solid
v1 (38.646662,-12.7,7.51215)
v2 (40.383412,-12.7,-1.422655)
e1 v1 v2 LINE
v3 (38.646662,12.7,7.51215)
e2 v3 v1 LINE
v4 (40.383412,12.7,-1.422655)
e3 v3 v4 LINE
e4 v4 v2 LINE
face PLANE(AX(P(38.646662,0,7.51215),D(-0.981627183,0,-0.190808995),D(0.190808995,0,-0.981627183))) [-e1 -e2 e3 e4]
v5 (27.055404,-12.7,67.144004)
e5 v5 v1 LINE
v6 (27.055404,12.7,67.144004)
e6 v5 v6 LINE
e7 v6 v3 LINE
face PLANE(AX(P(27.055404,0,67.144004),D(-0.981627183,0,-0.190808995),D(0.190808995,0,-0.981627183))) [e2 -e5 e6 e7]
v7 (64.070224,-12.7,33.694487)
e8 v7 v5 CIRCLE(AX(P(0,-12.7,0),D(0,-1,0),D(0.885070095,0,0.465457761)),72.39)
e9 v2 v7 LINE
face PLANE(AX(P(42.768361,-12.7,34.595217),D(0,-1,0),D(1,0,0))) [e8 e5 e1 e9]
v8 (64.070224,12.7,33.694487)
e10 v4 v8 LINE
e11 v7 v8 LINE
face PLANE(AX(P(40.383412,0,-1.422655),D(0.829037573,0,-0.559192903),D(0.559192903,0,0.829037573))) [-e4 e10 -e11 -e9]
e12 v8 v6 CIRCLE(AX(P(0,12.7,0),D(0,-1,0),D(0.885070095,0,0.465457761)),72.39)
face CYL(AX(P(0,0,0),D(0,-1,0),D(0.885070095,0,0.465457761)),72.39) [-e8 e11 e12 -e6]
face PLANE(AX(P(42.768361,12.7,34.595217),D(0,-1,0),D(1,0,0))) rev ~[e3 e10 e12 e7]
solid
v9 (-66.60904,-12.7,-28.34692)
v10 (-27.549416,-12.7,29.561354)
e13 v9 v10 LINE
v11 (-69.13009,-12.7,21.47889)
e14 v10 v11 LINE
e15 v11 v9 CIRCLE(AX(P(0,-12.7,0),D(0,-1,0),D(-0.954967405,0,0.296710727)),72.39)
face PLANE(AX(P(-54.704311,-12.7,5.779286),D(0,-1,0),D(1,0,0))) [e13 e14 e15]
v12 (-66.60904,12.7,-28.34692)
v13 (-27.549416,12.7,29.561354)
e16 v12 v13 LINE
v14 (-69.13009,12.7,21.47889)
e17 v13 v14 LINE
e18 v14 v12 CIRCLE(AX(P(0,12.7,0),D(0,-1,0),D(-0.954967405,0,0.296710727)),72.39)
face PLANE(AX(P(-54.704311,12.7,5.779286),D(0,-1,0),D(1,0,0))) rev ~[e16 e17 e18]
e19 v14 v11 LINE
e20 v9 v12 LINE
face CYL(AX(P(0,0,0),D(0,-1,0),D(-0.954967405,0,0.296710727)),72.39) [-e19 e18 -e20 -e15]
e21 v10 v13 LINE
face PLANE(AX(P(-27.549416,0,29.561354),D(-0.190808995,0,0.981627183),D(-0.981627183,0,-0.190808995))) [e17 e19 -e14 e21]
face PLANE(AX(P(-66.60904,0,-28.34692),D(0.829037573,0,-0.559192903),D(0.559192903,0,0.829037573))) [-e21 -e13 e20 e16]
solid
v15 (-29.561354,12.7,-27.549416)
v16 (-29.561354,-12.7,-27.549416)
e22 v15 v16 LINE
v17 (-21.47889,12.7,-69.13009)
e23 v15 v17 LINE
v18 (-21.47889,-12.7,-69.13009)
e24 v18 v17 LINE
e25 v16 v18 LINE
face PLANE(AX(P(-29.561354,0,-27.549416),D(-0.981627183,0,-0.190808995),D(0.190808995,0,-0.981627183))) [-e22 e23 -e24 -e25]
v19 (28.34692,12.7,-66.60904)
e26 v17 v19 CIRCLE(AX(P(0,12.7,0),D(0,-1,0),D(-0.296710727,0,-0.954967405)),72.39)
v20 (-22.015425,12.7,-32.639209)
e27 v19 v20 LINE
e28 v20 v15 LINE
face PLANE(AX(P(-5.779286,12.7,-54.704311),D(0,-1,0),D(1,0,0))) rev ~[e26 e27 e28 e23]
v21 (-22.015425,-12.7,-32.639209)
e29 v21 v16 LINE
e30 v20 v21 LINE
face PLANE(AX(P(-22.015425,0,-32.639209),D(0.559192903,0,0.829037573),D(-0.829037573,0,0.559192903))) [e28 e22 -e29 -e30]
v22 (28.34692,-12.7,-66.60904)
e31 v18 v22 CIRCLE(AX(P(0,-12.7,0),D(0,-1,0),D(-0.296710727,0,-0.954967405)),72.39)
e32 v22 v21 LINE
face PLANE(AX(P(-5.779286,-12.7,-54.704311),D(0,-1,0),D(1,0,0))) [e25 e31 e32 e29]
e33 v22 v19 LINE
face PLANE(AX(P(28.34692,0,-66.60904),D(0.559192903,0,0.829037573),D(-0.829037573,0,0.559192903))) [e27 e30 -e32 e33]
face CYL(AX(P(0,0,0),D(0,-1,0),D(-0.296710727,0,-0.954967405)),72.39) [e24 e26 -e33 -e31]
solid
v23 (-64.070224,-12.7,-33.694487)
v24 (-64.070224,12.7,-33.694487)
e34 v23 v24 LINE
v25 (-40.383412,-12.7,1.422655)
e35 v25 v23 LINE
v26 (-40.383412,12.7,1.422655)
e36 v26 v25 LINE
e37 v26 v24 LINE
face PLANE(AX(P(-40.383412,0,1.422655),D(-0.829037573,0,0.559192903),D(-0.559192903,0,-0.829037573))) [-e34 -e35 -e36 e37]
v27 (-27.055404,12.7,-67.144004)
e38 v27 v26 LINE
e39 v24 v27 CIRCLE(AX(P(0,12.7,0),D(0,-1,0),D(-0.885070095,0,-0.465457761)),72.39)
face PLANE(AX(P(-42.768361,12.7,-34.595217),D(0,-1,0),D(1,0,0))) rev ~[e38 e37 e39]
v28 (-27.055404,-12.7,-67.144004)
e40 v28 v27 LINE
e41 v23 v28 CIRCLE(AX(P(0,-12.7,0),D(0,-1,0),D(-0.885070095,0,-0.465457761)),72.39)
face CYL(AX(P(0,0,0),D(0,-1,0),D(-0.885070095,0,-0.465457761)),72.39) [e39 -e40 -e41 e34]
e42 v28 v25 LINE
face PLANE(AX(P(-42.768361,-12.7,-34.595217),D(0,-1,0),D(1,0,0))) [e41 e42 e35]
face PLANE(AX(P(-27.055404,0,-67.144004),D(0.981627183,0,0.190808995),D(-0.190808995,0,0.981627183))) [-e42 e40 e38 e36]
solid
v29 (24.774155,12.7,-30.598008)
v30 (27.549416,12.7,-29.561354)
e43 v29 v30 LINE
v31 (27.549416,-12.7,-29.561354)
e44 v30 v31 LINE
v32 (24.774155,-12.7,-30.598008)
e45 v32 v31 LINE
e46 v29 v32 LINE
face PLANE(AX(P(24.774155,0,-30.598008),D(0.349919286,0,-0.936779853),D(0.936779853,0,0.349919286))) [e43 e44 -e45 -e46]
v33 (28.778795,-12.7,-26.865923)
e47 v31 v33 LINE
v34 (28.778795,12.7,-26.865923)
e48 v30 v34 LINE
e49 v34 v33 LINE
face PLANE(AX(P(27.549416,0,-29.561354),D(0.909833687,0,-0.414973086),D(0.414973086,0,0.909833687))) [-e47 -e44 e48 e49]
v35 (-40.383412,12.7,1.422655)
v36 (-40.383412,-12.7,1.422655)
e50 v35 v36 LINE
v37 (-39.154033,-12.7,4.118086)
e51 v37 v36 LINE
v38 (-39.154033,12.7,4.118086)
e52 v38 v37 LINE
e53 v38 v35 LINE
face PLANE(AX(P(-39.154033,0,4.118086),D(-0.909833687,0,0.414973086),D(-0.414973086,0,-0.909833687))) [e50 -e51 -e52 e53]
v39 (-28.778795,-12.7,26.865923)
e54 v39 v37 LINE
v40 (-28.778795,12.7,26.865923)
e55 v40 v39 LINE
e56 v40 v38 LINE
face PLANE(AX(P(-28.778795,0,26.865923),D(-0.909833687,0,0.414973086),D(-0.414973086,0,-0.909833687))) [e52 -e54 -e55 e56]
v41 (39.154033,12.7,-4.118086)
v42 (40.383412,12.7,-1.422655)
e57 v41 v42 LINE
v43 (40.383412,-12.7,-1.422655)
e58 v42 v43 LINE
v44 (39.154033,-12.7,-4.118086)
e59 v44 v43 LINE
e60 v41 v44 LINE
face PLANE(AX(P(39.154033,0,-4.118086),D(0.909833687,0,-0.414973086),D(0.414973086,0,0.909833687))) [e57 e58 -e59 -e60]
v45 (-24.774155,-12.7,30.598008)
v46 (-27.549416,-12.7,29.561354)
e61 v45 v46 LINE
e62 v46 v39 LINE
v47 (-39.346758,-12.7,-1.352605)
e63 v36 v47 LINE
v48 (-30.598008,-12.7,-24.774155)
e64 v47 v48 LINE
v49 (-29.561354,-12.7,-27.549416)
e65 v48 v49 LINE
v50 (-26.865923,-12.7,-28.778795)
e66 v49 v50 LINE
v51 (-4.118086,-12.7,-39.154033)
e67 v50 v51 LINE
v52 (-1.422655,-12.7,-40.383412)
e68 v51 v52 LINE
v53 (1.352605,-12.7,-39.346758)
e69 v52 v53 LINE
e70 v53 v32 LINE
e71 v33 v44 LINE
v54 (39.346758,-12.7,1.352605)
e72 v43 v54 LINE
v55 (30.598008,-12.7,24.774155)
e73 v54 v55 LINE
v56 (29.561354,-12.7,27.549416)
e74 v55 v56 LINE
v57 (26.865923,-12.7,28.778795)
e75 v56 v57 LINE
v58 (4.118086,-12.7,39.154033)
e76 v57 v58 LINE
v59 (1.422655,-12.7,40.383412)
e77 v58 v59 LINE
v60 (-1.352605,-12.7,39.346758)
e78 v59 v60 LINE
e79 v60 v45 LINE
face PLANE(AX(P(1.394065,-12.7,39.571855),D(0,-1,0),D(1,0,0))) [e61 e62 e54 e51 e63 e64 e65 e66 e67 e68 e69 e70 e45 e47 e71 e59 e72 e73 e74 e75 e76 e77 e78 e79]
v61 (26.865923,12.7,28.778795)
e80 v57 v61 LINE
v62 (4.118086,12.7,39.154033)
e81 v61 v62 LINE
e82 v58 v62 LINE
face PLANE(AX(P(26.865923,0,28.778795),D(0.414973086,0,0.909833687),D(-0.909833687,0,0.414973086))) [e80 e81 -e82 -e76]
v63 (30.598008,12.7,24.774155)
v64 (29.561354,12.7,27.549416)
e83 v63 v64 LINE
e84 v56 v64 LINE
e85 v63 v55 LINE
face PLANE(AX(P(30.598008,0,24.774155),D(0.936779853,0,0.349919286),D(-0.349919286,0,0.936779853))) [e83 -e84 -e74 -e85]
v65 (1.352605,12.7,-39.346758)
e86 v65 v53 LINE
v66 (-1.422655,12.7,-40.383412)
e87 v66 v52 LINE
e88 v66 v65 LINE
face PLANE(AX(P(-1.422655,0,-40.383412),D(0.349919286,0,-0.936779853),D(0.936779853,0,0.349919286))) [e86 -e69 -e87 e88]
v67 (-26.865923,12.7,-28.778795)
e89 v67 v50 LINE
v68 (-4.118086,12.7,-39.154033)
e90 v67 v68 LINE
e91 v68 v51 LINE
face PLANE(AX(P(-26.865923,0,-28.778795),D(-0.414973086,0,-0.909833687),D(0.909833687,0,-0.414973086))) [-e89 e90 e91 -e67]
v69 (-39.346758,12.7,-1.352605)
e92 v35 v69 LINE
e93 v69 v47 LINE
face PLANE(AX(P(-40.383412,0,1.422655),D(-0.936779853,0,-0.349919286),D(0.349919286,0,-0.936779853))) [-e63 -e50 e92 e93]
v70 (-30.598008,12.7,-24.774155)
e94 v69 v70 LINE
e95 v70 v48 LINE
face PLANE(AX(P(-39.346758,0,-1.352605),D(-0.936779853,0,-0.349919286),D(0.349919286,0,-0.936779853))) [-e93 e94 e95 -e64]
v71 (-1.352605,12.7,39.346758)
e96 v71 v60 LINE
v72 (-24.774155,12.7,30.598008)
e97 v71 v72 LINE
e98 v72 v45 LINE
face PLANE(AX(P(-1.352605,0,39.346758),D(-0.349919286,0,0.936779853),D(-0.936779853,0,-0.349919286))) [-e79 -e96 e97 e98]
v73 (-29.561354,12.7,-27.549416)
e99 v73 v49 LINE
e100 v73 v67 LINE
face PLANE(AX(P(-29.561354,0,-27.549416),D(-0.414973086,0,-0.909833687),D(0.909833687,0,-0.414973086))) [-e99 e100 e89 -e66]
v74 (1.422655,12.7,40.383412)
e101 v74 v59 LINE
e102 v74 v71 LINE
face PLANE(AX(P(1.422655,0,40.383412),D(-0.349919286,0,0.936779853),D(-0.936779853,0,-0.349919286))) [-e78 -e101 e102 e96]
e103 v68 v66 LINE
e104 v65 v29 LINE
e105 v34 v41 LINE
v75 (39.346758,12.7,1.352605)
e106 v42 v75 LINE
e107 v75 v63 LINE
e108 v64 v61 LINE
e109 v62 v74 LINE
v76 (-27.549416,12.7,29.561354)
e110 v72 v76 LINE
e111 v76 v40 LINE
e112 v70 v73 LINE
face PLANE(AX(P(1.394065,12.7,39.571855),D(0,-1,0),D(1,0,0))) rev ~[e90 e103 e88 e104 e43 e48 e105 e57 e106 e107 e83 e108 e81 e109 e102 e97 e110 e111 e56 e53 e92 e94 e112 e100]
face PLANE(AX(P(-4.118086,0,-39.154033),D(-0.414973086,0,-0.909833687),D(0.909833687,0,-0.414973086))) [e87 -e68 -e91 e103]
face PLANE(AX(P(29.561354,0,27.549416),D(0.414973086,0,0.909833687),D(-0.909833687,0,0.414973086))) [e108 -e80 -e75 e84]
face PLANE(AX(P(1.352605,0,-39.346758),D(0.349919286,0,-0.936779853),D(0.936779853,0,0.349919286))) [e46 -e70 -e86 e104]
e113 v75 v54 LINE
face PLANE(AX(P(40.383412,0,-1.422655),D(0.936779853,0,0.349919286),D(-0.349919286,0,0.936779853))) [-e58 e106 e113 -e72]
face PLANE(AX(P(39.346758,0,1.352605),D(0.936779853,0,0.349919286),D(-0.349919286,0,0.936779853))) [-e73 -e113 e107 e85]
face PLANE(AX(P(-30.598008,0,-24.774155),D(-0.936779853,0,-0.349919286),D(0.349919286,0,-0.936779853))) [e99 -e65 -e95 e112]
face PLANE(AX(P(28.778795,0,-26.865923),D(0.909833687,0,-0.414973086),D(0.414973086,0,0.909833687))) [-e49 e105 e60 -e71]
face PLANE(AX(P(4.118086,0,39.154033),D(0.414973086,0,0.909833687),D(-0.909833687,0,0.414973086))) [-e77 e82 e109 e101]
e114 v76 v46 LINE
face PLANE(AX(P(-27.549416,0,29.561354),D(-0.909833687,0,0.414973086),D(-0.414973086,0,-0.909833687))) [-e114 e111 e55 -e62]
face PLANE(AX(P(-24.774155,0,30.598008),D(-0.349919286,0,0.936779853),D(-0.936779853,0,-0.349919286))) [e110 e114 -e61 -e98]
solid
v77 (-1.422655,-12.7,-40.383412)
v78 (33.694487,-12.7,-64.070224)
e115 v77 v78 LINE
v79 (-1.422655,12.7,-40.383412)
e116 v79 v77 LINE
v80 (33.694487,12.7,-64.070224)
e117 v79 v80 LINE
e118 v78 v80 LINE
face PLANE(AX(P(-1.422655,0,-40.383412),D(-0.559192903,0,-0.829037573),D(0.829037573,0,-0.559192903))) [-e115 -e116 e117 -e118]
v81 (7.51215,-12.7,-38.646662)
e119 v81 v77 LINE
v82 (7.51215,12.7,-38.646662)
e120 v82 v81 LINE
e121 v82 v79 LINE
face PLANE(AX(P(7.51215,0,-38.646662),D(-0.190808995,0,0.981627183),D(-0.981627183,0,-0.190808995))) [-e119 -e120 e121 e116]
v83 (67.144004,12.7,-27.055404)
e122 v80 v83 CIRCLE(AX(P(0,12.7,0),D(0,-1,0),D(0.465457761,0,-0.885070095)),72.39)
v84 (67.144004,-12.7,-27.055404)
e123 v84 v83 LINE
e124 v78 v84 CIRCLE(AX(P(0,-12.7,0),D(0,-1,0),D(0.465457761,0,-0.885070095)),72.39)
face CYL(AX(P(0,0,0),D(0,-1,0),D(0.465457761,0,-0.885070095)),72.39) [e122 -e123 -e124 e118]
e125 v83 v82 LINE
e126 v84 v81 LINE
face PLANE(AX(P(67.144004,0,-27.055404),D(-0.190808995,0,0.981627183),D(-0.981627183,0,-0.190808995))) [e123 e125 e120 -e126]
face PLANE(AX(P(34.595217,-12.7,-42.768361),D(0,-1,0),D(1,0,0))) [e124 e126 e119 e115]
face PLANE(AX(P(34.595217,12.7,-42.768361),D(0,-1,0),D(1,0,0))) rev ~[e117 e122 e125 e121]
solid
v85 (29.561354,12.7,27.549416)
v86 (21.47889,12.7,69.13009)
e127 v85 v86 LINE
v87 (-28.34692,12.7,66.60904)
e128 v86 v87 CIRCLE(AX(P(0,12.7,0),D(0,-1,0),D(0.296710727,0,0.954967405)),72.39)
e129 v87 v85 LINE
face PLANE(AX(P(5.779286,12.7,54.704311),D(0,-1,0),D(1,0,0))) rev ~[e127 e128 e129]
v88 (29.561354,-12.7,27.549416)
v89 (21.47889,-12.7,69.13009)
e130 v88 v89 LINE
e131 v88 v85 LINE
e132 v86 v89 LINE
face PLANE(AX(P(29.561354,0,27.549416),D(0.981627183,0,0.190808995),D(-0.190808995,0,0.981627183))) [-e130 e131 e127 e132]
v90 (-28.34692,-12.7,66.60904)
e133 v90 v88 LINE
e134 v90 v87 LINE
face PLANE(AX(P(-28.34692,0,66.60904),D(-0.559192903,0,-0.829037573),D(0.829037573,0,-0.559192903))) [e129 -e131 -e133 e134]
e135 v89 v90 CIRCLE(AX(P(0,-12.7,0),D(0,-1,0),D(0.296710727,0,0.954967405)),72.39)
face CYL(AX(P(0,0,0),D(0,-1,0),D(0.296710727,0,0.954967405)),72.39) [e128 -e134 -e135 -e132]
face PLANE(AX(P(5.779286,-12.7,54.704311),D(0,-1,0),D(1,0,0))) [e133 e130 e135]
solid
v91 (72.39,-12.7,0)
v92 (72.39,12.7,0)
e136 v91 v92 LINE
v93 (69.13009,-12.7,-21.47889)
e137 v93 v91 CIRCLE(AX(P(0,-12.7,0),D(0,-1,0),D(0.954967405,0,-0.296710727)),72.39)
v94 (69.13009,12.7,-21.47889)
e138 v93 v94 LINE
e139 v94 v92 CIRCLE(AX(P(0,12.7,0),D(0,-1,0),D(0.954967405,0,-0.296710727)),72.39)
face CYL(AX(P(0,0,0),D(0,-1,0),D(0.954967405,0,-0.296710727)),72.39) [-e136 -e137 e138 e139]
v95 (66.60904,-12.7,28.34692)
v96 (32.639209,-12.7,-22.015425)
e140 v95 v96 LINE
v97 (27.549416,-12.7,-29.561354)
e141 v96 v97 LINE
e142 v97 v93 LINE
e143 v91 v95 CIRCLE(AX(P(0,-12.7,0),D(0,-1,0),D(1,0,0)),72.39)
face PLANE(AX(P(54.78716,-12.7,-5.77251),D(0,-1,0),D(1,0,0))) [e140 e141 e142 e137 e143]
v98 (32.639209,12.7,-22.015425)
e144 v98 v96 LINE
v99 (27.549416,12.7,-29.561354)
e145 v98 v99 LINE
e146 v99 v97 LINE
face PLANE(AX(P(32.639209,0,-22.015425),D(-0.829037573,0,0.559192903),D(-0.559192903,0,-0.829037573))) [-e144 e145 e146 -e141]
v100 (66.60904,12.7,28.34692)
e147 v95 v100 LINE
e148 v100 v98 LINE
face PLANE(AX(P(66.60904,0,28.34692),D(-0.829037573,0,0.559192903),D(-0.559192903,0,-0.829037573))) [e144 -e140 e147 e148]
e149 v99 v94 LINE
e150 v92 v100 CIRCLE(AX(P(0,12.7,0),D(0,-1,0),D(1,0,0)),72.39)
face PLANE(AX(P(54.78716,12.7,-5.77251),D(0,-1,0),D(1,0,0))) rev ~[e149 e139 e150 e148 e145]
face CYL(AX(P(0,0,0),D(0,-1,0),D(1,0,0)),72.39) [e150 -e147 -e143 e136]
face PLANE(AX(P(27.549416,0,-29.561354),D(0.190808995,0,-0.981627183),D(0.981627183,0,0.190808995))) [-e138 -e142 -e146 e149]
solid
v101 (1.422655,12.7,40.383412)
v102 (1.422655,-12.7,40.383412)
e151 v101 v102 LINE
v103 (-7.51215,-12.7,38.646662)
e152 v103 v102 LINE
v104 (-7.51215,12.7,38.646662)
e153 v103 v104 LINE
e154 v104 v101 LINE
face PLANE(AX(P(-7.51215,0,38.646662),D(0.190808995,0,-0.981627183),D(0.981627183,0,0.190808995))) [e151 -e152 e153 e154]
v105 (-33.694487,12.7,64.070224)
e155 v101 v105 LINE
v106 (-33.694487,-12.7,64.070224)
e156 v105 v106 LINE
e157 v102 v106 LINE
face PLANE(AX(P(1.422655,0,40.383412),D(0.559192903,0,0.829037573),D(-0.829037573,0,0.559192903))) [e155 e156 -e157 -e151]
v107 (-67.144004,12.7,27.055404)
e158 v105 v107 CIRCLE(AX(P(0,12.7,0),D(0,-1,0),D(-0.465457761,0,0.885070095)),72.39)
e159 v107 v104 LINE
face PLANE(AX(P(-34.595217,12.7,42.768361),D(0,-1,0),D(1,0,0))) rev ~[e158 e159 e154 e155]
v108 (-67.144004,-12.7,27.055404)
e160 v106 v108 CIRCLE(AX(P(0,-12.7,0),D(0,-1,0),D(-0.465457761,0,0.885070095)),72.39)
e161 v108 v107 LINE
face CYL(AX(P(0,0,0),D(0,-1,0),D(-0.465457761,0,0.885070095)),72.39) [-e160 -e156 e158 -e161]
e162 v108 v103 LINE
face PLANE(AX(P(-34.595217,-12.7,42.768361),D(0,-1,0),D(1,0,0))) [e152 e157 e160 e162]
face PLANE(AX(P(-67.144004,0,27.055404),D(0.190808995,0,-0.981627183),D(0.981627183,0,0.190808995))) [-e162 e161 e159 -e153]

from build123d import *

# Parameters (mm, degrees)
F1_DEPTH = 12.7
F2_DEPTH = 12.7


with BuildPart() as f1:
    # F0 (on Front) → F1 (new body, symmetric)
    with BuildSketch(Plane.XZ):
        with BuildLine():
            Line((-7.5121501428, 38.6466622133), (1.42265525, 40.3834124477))
            Line((1.42265525, 40.3834124477), (-33.6944872903, 64.0702241782))
            ThreePointArc((-33.6944872903, 64.0702241782), (-53.7087007187, 48.5354258981), (-67.1440035139, 27.0554041206))
            Line((-67.1440035139, 27.0554041206), (-7.5121501428, 38.6466622133))
        make_face()
    extrude(amount=F1_DEPTH, both=True)


with BuildPart() as f1b:
    # F0 (on Front) → F1, piece 2 (new body, symmetric)
    with BuildSketch(Plane.XZ):
        with BuildLine():
            Line((22.0154242614, 32.6392094664), (29.5613539637, 27.5494156147))
            Line((29.5613539637, 27.5494156147), (21.478889537, 69.1300904401))
            ThreePointArc((21.478889537, 69.1300904401), (-3.6580577065, 72.2975152672), (-28.3469204792, 66.6090399221))
            Line((-28.3469204792, 66.6090399221), (22.0154242614, 32.6392094664))
        make_face()
    extrude(amount=F1_DEPTH, both=True)


with BuildPart() as f1c:
    # F0 (on Front) → F1, piece 3 (new body, symmetric)
    with BuildSketch(Plane.XZ):
        with BuildLine():
            Line((27.0554041206, 67.1440035139), (38.6466622299, 7.5121500575))
            Line((38.6466622299, 7.5121500575), (40.3834124477, -1.42265525))
            Line((40.3834124477, -1.42265525), (64.0702241782, 33.6944872903))
            ThreePointArc((64.0702241782, 33.6944872903), (48.5354258981, 53.7087007187), (27.0554041206, 67.1440035139))
        make_face()
    extrude(amount=F1_DEPTH, both=True)


with BuildPart() as f1d:
    # F0 (on Front) → F1, piece 4 (new body, symmetric)
    with BuildSketch(Plane.XZ):
        with BuildLine():
            Line((66.6090399221, 28.3469204792), (32.639209035, -22.0154249009))
            Line((32.639209035, -22.0154249009), (27.5494156147, -29.5613539637))
            Line((27.5494156147, -29.5613539637), (69.1300904401, -21.478889537))
            ThreePointArc((69.1300904401, -21.478889537), (71.5703826557, -10.862431888), (72.39, 0))
            ThreePointArc((72.39, 0), (70.9300377131, 14.4651944342), (66.6090399221, 28.3469204792))
        make_face()
    extrude(amount=F1_DEPTH, both=True)


with BuildPart() as f1e:
    # F0 (on Front) → F1, piece 5 (new body, symmetric)
    with BuildSketch(Plane.XZ):
        with BuildLine():
            Line((67.1440035139, -27.0554041206), (7.5121503146, -38.64666218))
            Line((7.5121503146, -38.64666218), (-1.42265525, -40.3834124477))
            Line((-1.42265525, -40.3834124477), (33.6944872903, -64.0702241782))
            ThreePointArc((33.6944872903, -64.0702241782), (53.7087007187, -48.5354258981), (67.1440035139, -27.0554041206))
        make_face()
    extrude(amount=F1_DEPTH, both=True)


with BuildPart() as f1f:
    # F0 (on Front) → F1, piece 6 (new body, symmetric)
    with BuildSketch(Plane.XZ):
        with BuildLine():
            Line((28.3469204792, -66.6090399221), (-22.0154245187, -32.6392092929))
            Line((-22.0154245187, -32.6392092929), (-29.5613539637, -27.5494156147))
            Line((-29.5613539637, -27.5494156147), (-21.478889537, -69.1300904401))
            ThreePointArc((-21.478889537, -69.1300904401), (3.6580577065, -72.2975152672), (28.3469204792, -66.6090399221))
        make_face()
    extrude(amount=F1_DEPTH, both=True)


with BuildPart() as f1g:
    # F0 (on Front) → F1, piece 7 (new body, symmetric)
    with BuildSketch(Plane.XZ):
        with BuildLine():
            Line((-27.0554041206, -67.1440035139), (-38.6466621547, -7.5121504446))
            Line((-38.6466621547, -7.5121504446), (-40.3834124477, 1.42265525))
            Line((-40.3834124477, 1.42265525), (-64.0702241782, -33.6944872903))
            ThreePointArc((-64.0702241782, -33.6944872903), (-48.5354258981, -53.7087007187), (-27.0554041206, -67.1440035139))
        make_face()
    extrude(amount=F1_DEPTH, both=True)


with BuildPart() as f1h:
    # F0 (on Front) → F1, piece 8 (new body, symmetric)
    with BuildSketch(Plane.XZ):
        with BuildLine():
            Line((-32.6392092281, 22.0154246147), (-27.5494156147, 29.5613539637))
            Line((-27.5494156147, 29.5613539637), (-69.1300904401, 21.478889537))
            ThreePointArc((-69.1300904401, 21.478889537), (-72.2975152672, -3.6580577065), (-66.6090399221, -28.3469204792))
            Line((-66.6090399221, -28.3469204792), (-32.6392092281, 22.0154246147))
        make_face()
    extrude(amount=F1_DEPTH, both=True)


with BuildPart() as f2:
    # F0 (on Front) → F2 (new body, symmetric)
    with BuildSketch(Plane.XZ):
        with BuildLine():
            ThreePointArc((-1.3526049363, 39.3467579336), (1.3860941963, 39.34559242), (4.1180859838, 39.1540325871))
            Line((4.1180859838, 39.1540325871), (1.42265525, 40.3834124477))
            Line((1.42265525, 40.3834124477), (-1.3526049363, 39.3467579336))
        make_face()
        with BuildLine():
            ThreePointArc((-28.7787954753, 26.8659232299), (-26.8414186044, 28.8016518155), (-24.7741554285, 30.5980084778))
            Line((-24.7741554285, 30.5980084778), (-27.5494156147, 29.5613539637))
            Line((-27.5494156147, 29.5613539637), (-28.7787954753, 26.8659232299))
        make_face()
        with BuildLine():
            ThreePointArc((-39.3467579336, -1.3526049363), (-39.34559242, 1.3860941963), (-39.1540325871, 4.1180859838))
            Line((-39.1540325871, 4.1180859838), (-40.3834124477, 1.42265525))
            Line((-40.3834124477, 1.42265525), (-39.3467579336, -1.3526049363))
        make_face()
        with BuildLine():
            ThreePointArc((26.8659232299, 28.7787954753), (28.8016518155, 26.8414186044), (30.5980084778, 24.7741554285))
            Line((30.5980084778, 24.7741554285), (29.5613539637, 27.5494156147))
            Line((29.5613539637, 27.5494156147), (26.8659232299, 28.7787954753))
        make_face()
        with BuildLine():
            ThreePointArc((39.3467579336, 1.3526049363), (39.3641890546, 0.676402304), (39.37, 0))
            ThreePointArc((39.37, 0), (39.3159710738, -2.0618725769), (39.1540325871, -4.1180859838))
            Line((39.1540325871, -4.1180859838), (40.3834124477, -1.42265525))
            Line((40.3834124477, -1.42265525), (39.3467579336, 1.3526049363))
        make_face()
        with BuildLine():
            Line((27.5494156147, -29.5613539637), (28.7787954753, -26.8659232299))
            ThreePointArc((28.7787954753, -26.8659232299), (26.8414186044, -28.8016518155), (24.7741554285, -30.5980084778))
            Line((24.7741554285, -30.5980084778), (27.5494156147, -29.5613539637))
        make_face()
        with BuildLine():
            Line((-1.42265525, -40.3834124477), (1.3526049363, -39.3467579336))
            ThreePointArc((1.3526049363, -39.3467579336), (-1.3860941963, -39.34559242), (-4.1180859838, -39.1540325871))
            Line((-4.1180859838, -39.1540325871), (-1.42265525, -40.3834124477))
        make_face()
        with BuildLine():
            ThreePointArc((39.1540325871, -4.1180859838), (39.3159710738, -2.0618725769), (39.37, 0))
            ThreePointArc((39.37, 0), (39.3641890546, 0.676402304), (39.3467579336, 1.3526049363))
            Line((39.3467579336, 1.3526049363), (30.5980084778, 24.7741554285))
            ThreePointArc((30.5980084778, 24.7741554285), (28.8016518155, 26.8414186044), (26.8659232299, 28.7787954753))
            Line((26.8659232299, 28.7787954753), (4.1180859838, 39.1540325871))
            ThreePointArc((4.1180859838, 39.1540325871), (1.3860941963, 39.34559242), (-1.3526049363, 39.3467579336))
            Line((-1.3526049363, 39.3467579336), (-24.7741554285, 30.5980084778))
            ThreePointArc((-24.7741554285, 30.5980084778), (-26.8414186044, 28.8016518155), (-28.7787954753, 26.8659232299))
            Line((-28.7787954753, 26.8659232299), (-39.1540325871, 4.1180859838))
            ThreePointArc((-39.1540325871, 4.1180859838), (-39.34559242, 1.3860941963), (-39.3467579336, -1.3526049363))
            Line((-39.3467579336, -1.3526049363), (-30.5980084778, -24.7741554285))
            ThreePointArc((-30.5980084778, -24.7741554285), (-28.8016518155, -26.8414186044), (-26.8659232299, -28.7787954753))
            Line((-26.8659232299, -28.7787954753), (-4.1180859838, -39.1540325871))
            ThreePointArc((-4.1180859838, -39.1540325871), (-1.3860941963, -39.34559242), (1.3526049363, -39.3467579336))
            Line((1.3526049363, -39.3467579336), (24.7741554285, -30.5980084778))
            ThreePointArc((24.7741554285, -30.5980084778), (26.8414186044, -28.8016518155), (28.7787954753, -26.8659232299))
            Line((28.7787954753, -26.8659232299), (39.1540325871, -4.1180859838))
        make_face()
        with BuildLine():
            Line((-29.5613539637, -27.5494156147), (-26.8659232299, -28.7787954753))
            ThreePointArc((-26.8659232299, -28.7787954753), (-28.8016518155, -26.8414186044), (-30.5980084778, -24.7741554285))
            Line((-30.5980084778, -24.7741554285), (-29.5613539637, -27.5494156147))
        make_face()
    extrude(amount=F2_DEPTH, both=True)


solid = Compound([f1.part, f1b.part, f1c.part, f1d.part, f1e.part, f1f.part, f1g.part, f1h.part, f2.part])
